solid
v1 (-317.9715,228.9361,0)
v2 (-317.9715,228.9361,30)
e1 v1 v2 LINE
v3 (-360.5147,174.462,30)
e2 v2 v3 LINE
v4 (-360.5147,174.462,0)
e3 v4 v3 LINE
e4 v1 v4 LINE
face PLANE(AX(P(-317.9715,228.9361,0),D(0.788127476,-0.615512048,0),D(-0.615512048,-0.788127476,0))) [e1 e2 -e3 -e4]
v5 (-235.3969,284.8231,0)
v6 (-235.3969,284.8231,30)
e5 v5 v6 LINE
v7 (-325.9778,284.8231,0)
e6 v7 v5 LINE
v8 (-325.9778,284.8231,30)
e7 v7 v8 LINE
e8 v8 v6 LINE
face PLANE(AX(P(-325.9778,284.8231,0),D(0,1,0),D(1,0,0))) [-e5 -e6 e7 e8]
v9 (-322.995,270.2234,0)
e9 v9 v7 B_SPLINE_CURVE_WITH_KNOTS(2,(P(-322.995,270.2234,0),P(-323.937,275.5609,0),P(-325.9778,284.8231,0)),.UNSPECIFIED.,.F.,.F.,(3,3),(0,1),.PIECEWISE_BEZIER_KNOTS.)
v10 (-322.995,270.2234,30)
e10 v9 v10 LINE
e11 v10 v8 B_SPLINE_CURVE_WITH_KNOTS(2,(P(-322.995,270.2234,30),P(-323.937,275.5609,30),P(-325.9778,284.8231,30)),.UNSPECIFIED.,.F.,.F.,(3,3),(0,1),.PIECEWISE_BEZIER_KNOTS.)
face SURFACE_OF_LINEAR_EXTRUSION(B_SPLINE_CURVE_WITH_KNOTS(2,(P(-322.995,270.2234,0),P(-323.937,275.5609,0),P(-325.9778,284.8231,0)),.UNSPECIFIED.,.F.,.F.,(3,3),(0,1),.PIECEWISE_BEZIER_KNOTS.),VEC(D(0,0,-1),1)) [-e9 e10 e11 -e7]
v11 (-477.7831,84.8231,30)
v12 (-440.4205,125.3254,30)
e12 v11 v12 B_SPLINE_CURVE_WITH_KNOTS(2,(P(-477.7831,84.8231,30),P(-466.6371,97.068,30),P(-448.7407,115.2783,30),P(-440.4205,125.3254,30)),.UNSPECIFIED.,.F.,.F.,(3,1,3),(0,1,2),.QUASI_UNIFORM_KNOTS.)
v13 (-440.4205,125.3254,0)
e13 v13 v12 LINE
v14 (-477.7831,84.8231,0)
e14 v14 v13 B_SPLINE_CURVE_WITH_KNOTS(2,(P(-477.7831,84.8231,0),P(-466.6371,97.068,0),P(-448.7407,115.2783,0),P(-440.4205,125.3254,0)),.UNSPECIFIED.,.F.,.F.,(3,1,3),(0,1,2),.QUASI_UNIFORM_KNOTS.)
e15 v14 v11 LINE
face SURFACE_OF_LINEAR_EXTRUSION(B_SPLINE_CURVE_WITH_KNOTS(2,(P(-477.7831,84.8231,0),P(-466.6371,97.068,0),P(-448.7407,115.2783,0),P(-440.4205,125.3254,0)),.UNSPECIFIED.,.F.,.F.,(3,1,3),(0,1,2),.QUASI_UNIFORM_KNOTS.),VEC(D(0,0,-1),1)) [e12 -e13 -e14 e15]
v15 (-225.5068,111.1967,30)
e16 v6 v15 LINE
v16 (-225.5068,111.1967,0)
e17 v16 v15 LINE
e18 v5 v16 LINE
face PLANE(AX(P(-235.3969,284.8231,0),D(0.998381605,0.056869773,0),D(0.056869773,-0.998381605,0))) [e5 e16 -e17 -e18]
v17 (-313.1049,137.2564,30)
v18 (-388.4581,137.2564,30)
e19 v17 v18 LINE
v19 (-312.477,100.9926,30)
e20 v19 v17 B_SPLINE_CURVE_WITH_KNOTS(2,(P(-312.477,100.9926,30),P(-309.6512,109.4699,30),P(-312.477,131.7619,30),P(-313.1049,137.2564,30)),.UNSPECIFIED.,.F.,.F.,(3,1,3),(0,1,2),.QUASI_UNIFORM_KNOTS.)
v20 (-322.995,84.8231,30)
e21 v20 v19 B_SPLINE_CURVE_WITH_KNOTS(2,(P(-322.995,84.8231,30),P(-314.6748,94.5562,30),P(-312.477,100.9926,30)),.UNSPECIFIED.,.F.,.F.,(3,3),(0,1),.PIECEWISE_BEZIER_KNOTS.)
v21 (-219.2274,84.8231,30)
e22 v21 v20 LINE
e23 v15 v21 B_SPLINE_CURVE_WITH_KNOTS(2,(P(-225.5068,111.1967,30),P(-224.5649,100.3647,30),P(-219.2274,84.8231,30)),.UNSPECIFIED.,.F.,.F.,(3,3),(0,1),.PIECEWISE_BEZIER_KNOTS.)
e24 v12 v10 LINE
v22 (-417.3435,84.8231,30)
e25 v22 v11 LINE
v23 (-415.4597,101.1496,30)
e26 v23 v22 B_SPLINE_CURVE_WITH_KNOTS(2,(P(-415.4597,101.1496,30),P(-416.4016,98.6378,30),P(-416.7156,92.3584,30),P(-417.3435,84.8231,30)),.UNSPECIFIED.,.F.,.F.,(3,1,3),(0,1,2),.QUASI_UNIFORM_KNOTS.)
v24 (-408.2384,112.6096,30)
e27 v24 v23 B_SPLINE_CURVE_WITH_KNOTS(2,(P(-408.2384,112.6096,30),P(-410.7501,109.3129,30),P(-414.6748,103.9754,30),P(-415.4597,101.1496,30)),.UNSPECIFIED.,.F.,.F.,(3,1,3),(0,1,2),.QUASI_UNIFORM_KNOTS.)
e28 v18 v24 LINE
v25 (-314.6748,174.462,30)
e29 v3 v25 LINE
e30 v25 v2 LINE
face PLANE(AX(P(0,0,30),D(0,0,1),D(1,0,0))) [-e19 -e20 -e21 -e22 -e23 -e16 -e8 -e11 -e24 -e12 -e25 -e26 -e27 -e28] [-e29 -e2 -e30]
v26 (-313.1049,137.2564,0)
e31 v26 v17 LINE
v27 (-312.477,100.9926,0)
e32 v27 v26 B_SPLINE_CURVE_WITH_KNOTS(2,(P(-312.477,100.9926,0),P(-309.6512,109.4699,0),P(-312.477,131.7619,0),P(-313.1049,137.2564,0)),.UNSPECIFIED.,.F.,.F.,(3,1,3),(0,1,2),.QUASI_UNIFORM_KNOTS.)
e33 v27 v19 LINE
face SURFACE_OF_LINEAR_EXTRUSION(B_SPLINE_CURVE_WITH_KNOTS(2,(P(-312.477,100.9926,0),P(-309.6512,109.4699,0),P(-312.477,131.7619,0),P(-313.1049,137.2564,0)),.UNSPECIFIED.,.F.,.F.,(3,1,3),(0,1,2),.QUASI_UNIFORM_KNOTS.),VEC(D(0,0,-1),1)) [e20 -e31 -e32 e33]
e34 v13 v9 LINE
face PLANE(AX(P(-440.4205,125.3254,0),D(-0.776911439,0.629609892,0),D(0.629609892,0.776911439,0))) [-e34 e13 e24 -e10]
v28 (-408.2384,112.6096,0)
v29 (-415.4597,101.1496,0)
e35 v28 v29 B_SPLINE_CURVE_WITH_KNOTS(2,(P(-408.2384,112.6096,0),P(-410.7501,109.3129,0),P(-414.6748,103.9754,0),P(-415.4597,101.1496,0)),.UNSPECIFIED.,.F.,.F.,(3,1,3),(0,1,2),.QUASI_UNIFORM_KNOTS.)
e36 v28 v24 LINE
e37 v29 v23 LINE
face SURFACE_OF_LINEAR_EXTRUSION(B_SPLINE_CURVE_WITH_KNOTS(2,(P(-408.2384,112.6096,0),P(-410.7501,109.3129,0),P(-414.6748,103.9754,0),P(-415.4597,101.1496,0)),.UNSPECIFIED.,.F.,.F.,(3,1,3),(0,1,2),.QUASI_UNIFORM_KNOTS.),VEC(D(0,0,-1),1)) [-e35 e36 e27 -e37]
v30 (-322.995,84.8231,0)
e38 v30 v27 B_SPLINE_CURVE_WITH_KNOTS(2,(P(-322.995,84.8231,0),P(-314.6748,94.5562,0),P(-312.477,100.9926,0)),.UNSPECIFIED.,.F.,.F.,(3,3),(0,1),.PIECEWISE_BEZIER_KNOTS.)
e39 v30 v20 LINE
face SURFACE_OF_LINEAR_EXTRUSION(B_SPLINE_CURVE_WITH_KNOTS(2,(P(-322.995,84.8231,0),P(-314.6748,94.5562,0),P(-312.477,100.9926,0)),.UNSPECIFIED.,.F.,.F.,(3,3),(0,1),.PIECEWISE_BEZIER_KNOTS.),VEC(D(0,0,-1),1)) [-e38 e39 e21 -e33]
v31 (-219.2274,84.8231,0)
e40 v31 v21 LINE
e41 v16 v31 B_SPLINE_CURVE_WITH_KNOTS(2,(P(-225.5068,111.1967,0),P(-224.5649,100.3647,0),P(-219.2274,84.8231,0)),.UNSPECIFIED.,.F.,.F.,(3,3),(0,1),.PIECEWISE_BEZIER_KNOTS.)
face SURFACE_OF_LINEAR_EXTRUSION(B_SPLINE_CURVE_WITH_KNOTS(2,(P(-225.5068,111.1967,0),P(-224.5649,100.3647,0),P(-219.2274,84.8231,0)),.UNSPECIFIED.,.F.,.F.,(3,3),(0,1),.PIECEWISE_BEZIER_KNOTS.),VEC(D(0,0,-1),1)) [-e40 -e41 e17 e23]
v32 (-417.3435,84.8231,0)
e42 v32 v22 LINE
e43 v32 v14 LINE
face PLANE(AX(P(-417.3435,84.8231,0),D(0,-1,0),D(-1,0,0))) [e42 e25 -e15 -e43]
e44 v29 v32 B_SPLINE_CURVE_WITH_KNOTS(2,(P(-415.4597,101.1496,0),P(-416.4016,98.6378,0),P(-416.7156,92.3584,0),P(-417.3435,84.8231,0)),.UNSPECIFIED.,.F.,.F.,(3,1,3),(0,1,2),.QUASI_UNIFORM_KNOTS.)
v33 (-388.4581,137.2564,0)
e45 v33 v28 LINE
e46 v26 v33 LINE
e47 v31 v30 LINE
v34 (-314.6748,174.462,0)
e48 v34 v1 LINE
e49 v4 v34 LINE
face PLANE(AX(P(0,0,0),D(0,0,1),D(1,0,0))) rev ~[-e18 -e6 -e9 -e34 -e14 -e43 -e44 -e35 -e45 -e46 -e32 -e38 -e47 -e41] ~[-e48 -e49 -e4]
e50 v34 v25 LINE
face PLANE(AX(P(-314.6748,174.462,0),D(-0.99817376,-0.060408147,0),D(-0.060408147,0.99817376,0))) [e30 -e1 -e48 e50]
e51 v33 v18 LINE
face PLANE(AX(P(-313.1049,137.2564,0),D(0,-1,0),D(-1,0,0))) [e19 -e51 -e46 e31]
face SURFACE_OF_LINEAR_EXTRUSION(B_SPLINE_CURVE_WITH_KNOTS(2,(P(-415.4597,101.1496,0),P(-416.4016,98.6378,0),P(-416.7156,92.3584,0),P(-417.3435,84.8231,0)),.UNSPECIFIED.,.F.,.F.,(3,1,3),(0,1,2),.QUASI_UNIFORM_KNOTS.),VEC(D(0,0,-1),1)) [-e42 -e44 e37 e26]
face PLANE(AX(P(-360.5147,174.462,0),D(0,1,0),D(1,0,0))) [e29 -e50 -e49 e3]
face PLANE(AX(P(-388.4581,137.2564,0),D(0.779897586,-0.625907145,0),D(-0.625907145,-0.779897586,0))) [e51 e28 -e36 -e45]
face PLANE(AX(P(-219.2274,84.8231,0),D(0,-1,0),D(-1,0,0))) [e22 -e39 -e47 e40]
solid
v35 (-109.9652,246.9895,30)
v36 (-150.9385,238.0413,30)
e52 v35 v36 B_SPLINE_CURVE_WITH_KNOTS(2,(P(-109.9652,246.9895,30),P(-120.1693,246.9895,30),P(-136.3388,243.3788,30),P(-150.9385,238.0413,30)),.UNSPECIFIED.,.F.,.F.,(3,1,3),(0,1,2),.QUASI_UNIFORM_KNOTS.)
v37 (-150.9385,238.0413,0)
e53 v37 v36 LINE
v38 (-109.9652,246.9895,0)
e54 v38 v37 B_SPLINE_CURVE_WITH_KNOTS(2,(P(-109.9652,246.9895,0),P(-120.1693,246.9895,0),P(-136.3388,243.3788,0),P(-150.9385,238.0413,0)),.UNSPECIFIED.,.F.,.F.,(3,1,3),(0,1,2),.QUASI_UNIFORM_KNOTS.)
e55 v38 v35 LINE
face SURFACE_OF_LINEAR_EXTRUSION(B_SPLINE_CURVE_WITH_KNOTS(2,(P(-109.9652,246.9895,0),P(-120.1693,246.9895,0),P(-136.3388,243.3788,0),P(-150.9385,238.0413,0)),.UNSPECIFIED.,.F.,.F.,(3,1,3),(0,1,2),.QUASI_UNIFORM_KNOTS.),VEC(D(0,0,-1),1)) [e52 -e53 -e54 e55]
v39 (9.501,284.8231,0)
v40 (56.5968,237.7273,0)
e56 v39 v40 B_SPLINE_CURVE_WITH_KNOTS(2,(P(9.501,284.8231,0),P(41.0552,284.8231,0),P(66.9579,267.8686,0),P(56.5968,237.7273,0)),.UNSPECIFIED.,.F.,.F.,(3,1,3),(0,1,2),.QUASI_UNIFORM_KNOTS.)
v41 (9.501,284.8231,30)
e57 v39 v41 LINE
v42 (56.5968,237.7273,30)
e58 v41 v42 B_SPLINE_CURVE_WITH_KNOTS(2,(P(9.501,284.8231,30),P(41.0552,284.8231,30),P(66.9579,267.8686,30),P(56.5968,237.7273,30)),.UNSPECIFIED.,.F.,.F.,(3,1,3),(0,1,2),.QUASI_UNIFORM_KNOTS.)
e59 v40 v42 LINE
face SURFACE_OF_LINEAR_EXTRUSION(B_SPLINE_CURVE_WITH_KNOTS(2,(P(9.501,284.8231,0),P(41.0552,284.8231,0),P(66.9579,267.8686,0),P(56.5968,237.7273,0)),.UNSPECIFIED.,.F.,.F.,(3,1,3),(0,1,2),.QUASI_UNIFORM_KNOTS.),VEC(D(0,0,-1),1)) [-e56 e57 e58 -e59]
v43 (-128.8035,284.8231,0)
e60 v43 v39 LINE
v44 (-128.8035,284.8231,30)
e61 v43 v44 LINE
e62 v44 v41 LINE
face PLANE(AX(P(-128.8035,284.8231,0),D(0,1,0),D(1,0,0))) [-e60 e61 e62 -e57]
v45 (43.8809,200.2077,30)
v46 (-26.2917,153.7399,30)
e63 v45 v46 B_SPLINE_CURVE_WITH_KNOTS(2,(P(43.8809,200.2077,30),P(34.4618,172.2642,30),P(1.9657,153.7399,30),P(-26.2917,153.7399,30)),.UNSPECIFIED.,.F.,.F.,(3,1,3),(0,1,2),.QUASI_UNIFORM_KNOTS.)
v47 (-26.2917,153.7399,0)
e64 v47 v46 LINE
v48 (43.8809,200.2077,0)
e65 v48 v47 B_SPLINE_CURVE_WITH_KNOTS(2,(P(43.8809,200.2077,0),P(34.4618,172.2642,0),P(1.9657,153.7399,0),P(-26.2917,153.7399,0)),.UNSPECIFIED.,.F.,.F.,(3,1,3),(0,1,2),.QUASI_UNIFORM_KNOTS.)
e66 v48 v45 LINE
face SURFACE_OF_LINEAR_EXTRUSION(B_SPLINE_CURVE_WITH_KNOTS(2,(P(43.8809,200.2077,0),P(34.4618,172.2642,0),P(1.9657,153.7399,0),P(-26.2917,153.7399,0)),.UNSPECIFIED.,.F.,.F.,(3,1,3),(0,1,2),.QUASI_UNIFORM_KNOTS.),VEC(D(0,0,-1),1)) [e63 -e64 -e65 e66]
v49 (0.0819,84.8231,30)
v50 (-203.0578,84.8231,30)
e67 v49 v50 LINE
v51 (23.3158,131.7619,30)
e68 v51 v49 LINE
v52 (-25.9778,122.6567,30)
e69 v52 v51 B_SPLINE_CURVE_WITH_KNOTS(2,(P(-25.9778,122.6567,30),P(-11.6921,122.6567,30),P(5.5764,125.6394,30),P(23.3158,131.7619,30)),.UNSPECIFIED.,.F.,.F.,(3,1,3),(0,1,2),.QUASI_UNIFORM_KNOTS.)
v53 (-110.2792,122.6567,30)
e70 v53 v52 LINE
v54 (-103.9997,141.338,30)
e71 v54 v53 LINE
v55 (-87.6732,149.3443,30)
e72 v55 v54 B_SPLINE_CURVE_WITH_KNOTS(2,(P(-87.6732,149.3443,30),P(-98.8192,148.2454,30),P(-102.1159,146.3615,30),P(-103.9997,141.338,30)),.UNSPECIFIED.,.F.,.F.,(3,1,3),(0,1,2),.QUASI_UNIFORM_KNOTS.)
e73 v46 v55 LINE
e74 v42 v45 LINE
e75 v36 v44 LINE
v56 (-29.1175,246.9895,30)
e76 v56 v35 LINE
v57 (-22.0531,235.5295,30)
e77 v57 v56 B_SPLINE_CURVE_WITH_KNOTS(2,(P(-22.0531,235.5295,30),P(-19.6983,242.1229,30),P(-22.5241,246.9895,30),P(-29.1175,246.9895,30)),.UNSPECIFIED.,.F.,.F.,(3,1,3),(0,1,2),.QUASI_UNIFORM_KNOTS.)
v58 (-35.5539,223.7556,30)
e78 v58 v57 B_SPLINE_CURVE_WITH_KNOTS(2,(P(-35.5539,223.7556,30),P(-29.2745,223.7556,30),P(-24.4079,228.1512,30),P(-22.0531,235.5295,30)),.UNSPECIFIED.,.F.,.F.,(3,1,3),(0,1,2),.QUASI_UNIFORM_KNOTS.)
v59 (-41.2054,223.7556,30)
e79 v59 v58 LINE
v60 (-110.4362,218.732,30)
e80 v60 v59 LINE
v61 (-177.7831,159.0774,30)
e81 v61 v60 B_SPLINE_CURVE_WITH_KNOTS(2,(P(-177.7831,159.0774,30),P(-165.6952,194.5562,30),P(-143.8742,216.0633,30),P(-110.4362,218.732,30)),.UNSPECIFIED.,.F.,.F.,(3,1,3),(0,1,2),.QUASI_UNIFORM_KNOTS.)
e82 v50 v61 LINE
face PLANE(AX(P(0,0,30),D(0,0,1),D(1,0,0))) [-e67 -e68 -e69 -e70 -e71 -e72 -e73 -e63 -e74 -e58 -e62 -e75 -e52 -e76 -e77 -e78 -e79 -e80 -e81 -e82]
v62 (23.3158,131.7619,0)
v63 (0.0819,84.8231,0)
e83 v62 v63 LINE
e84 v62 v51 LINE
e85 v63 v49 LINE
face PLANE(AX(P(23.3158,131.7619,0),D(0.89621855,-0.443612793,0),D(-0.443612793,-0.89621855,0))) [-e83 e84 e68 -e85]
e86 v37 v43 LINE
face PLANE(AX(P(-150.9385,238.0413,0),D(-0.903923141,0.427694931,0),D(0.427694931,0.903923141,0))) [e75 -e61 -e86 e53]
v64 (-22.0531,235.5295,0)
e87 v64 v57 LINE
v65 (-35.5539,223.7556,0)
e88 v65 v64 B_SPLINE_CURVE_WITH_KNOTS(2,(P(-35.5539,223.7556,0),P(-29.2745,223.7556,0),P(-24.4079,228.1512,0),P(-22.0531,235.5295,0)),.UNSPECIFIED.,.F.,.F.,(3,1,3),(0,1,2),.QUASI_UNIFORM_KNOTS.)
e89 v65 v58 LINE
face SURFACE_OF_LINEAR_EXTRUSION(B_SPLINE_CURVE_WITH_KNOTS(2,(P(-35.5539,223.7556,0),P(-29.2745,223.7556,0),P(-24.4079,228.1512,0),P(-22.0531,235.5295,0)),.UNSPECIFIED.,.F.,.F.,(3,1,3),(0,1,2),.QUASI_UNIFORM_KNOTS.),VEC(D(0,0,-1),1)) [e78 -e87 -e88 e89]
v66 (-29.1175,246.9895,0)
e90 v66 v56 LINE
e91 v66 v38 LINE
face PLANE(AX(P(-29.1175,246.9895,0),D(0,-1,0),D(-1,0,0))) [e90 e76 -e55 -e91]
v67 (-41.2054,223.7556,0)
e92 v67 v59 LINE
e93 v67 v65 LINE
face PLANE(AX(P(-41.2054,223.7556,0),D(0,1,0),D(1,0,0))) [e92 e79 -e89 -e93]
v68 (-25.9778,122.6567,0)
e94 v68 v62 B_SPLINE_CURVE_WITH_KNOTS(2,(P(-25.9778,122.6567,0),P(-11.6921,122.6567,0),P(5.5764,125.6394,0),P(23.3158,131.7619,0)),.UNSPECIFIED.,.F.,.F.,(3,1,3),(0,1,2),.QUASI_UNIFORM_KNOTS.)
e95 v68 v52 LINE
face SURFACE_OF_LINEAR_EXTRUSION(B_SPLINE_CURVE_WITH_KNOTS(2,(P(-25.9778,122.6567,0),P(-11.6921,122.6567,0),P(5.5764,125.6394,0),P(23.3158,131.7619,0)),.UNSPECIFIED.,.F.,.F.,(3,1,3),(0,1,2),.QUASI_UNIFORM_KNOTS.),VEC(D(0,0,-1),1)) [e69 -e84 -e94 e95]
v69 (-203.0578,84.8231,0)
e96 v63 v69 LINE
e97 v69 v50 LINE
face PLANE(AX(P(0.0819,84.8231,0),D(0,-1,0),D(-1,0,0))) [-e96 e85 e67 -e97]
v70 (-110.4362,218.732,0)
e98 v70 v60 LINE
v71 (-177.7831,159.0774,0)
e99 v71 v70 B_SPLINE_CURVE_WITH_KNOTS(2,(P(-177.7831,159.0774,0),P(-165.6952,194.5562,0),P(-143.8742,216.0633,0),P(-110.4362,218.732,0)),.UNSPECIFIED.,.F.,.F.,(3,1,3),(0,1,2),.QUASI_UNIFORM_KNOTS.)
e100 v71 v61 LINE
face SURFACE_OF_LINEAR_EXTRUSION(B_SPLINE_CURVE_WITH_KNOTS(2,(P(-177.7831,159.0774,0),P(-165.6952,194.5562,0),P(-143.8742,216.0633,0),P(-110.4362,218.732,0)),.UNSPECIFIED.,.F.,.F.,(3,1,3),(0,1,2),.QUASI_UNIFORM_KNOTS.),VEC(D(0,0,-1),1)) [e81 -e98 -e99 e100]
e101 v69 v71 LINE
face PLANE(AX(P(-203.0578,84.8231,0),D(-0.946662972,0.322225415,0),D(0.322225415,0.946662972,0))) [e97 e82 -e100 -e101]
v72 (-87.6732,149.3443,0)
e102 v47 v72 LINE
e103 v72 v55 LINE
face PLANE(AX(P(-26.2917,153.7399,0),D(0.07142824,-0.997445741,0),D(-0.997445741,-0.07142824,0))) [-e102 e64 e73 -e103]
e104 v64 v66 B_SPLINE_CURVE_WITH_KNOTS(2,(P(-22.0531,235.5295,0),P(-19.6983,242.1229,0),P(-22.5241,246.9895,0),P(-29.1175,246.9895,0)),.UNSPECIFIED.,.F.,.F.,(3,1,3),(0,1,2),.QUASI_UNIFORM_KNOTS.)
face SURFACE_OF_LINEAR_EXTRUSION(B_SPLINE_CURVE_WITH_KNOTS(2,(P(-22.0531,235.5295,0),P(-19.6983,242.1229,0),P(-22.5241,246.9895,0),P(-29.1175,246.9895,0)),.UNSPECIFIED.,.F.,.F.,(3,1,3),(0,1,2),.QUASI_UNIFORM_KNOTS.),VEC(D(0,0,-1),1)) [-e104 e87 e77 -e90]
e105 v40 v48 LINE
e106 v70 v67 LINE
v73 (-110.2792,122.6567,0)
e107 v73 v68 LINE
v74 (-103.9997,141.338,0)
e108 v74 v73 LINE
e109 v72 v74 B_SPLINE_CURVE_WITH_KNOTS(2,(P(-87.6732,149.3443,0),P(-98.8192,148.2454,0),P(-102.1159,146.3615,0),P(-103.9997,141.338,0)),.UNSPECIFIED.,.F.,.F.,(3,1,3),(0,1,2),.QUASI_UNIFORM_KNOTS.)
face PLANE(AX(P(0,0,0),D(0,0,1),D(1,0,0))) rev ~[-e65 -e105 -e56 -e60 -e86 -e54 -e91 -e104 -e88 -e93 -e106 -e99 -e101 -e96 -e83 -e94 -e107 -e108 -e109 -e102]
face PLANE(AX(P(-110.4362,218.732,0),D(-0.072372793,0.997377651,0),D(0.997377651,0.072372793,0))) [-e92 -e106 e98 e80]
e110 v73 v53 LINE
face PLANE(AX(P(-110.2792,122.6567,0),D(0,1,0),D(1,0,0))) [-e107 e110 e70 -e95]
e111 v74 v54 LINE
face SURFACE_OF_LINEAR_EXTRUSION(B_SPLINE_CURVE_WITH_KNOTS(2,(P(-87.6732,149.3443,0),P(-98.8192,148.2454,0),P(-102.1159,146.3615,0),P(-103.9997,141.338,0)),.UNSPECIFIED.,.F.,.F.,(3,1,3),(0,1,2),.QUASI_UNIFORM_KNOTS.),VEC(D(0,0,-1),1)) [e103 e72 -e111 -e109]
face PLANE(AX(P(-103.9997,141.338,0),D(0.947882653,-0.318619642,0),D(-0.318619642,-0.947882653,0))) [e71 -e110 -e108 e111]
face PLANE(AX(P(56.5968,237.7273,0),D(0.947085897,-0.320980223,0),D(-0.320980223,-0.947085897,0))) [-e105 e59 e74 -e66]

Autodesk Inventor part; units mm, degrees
ref_plane "YZ Plane" through (0, 0, 0) normal (1, 0, 0) x (0, 1, 0)
ref_plane "XZ Plane" through (0, 0, 0) normal (0, 1, 0) x (-1, 0, 0)
ref_plane "XY Plane" through (0, 0, 0) normal (0, 0, 1) x (1, 0, 0)
sketch "Sketch 1" plane through (0, 0, 0) normal (0, 0, 1) x (1, 0, 0)
  line L0 (-474.0154, 284.8231) -> (44.1949, 284.8231) construction
  line L1 (44.1949, 284.8231) -> (44.1949, 84.8231) construction
  line L2 (44.1949, 84.8231) -> (-474.0154, 84.8231) construction
  line L3 (-474.0154, 84.8231) -> (-474.0154, 284.8231) construction
  line L4 (-235.3969, 284.8231) -> (-225.5068, 111.1967)
  spline S0 degree 2 poles (-225.5068, 111.1967) (-224.5649, 100.3647) (-219.2274, 84.8231) knots 0 0 0 1 1 1
  line L5 (-219.2274, 84.8231) -> (-322.995, 84.8231)
  spline S1 degree 2 poles (-322.995, 84.8231) (-314.6748, 94.5562) (-312.477, 100.9926) knots 0 0 0 1 1 1
  spline S2 degree 2 poles (-312.477, 100.9926) (-309.6512, 109.4699) (-312.477, 131.7619) (-313.1049, 137.2564) knots 0 0 0 1 2 2 2
  line L6 (-313.1049, 137.2564) -> (-388.4581, 137.2564)
  line L7 (-388.4581, 137.2564) -> (-408.2384, 112.6096)
  spline S3 degree 2 poles (-408.2384, 112.6096) (-410.7501, 109.3129) (-414.6748, 103.9754) (-415.4597, 101.1496) knots 0 0 0 1 2 2 2
  spline S4 degree 2 poles (-415.4597, 101.1496) (-416.4016, 98.6378) (-416.7156, 92.3584) (-417.3435, 84.8231) knots 0 0 0 1 2 2 2
  line L8 (-417.3435, 84.8231) -> (-477.7831, 84.8231)
  spline S5 degree 2 poles (-477.7831, 84.8231) (-466.6371, 97.068) (-448.7407, 115.2783) (-440.4205, 125.3254) knots 0 0 0 1 2 2 2
  line L9 (-440.4205, 125.3254) -> (-322.995, 270.2234)
  spline S6 degree 2 poles (-322.995, 270.2234) (-323.937, 275.5609) (-325.9778, 284.8231) knots 0 0 0 1 1 1
  line L10 (-325.9778, 284.8231) -> (-235.3969, 284.8231)
  line L11 (-317.9715, 228.9361) -> (-360.5147, 174.462)
  line L12 (-360.5147, 174.462) -> (-314.6748, 174.462)
  line L13 (-314.6748, 174.462) -> (-317.9715, 228.9361)
  spline S7 degree 2 poles (9.501, 284.8231) (41.0552, 284.8231) (66.9579, 267.8686) (56.5968, 237.7273) knots 0 0 0 1 2 2 2
  line L14 (56.5968, 237.7273) -> (43.8809, 200.2077)
  spline S8 degree 2 poles (43.8809, 200.2077) (34.4618, 172.2642) (1.9657, 153.7399) (-26.2917, 153.7399) knots 0 0 0 1 2 2 2
  line L15 (-26.2917, 153.7399) -> (-87.6732, 149.3443)
  spline S9 degree 2 poles (-87.6732, 149.3443) (-98.8192, 148.2454) (-102.1159, 146.3615) (-103.9997, 141.338) knots 0 0 0 1 2 2 2
  line L16 (-103.9997, 141.338) -> (-110.2792, 122.6567)
  line L17 (-110.2792, 122.6567) -> (-25.9778, 122.6567)
  spline S10 degree 2 poles (-25.9778, 122.6567) (-11.6921, 122.6567) (5.5764, 125.6394) (23.3158, 131.7619) knots 0 0 0 1 2 2 2
  line L18 (23.3158, 131.7619) -> (0.0819, 84.8231)
  line L19 (0.0819, 84.8231) -> (-203.0578, 84.8231)
  line L20 (-203.0578, 84.8231) -> (-177.7831, 159.0774)
  spline S11 degree 2 poles (-177.7831, 159.0774) (-165.6952, 194.5562) (-143.8742, 216.0633) (-110.4362, 218.732) knots 0 0 0 1 2 2 2
  line L21 (-110.4362, 218.732) -> (-41.2054, 223.7556)
  line L22 (-41.2054, 223.7556) -> (-35.5539, 223.7556)
  spline S12 degree 2 poles (-35.5539, 223.7556) (-29.2745, 223.7556) (-24.4079, 228.1512) (-22.0531, 235.5295) knots 0 0 0 1 2 2 2
  spline S13 degree 2 poles (-22.0531, 235.5295) (-19.6983, 242.1229) (-22.5241, 246.9895) (-29.1175, 246.9895) knots 0 0 0 1 2 2 2
  line L23 (-29.1175, 246.9895) -> (-109.9652, 246.9895)
  spline S14 degree 2 poles (-109.9652, 246.9895) (-120.1693, 246.9895) (-136.3388, 243.3788) (-150.9385, 238.0413) knots 0 0 0 1 2 2 2
  line L24 (-150.9385, 238.0413) -> (-128.8035, 284.8231)
  line L25 (-128.8035, 284.8231) -> (9.501, 284.8231)
  point P0 (0, 0)
extrude "Extrusion1" add sketch "Sketch 1" along normal blind 30
properties part number "A2" material "Copper, Wrought"
